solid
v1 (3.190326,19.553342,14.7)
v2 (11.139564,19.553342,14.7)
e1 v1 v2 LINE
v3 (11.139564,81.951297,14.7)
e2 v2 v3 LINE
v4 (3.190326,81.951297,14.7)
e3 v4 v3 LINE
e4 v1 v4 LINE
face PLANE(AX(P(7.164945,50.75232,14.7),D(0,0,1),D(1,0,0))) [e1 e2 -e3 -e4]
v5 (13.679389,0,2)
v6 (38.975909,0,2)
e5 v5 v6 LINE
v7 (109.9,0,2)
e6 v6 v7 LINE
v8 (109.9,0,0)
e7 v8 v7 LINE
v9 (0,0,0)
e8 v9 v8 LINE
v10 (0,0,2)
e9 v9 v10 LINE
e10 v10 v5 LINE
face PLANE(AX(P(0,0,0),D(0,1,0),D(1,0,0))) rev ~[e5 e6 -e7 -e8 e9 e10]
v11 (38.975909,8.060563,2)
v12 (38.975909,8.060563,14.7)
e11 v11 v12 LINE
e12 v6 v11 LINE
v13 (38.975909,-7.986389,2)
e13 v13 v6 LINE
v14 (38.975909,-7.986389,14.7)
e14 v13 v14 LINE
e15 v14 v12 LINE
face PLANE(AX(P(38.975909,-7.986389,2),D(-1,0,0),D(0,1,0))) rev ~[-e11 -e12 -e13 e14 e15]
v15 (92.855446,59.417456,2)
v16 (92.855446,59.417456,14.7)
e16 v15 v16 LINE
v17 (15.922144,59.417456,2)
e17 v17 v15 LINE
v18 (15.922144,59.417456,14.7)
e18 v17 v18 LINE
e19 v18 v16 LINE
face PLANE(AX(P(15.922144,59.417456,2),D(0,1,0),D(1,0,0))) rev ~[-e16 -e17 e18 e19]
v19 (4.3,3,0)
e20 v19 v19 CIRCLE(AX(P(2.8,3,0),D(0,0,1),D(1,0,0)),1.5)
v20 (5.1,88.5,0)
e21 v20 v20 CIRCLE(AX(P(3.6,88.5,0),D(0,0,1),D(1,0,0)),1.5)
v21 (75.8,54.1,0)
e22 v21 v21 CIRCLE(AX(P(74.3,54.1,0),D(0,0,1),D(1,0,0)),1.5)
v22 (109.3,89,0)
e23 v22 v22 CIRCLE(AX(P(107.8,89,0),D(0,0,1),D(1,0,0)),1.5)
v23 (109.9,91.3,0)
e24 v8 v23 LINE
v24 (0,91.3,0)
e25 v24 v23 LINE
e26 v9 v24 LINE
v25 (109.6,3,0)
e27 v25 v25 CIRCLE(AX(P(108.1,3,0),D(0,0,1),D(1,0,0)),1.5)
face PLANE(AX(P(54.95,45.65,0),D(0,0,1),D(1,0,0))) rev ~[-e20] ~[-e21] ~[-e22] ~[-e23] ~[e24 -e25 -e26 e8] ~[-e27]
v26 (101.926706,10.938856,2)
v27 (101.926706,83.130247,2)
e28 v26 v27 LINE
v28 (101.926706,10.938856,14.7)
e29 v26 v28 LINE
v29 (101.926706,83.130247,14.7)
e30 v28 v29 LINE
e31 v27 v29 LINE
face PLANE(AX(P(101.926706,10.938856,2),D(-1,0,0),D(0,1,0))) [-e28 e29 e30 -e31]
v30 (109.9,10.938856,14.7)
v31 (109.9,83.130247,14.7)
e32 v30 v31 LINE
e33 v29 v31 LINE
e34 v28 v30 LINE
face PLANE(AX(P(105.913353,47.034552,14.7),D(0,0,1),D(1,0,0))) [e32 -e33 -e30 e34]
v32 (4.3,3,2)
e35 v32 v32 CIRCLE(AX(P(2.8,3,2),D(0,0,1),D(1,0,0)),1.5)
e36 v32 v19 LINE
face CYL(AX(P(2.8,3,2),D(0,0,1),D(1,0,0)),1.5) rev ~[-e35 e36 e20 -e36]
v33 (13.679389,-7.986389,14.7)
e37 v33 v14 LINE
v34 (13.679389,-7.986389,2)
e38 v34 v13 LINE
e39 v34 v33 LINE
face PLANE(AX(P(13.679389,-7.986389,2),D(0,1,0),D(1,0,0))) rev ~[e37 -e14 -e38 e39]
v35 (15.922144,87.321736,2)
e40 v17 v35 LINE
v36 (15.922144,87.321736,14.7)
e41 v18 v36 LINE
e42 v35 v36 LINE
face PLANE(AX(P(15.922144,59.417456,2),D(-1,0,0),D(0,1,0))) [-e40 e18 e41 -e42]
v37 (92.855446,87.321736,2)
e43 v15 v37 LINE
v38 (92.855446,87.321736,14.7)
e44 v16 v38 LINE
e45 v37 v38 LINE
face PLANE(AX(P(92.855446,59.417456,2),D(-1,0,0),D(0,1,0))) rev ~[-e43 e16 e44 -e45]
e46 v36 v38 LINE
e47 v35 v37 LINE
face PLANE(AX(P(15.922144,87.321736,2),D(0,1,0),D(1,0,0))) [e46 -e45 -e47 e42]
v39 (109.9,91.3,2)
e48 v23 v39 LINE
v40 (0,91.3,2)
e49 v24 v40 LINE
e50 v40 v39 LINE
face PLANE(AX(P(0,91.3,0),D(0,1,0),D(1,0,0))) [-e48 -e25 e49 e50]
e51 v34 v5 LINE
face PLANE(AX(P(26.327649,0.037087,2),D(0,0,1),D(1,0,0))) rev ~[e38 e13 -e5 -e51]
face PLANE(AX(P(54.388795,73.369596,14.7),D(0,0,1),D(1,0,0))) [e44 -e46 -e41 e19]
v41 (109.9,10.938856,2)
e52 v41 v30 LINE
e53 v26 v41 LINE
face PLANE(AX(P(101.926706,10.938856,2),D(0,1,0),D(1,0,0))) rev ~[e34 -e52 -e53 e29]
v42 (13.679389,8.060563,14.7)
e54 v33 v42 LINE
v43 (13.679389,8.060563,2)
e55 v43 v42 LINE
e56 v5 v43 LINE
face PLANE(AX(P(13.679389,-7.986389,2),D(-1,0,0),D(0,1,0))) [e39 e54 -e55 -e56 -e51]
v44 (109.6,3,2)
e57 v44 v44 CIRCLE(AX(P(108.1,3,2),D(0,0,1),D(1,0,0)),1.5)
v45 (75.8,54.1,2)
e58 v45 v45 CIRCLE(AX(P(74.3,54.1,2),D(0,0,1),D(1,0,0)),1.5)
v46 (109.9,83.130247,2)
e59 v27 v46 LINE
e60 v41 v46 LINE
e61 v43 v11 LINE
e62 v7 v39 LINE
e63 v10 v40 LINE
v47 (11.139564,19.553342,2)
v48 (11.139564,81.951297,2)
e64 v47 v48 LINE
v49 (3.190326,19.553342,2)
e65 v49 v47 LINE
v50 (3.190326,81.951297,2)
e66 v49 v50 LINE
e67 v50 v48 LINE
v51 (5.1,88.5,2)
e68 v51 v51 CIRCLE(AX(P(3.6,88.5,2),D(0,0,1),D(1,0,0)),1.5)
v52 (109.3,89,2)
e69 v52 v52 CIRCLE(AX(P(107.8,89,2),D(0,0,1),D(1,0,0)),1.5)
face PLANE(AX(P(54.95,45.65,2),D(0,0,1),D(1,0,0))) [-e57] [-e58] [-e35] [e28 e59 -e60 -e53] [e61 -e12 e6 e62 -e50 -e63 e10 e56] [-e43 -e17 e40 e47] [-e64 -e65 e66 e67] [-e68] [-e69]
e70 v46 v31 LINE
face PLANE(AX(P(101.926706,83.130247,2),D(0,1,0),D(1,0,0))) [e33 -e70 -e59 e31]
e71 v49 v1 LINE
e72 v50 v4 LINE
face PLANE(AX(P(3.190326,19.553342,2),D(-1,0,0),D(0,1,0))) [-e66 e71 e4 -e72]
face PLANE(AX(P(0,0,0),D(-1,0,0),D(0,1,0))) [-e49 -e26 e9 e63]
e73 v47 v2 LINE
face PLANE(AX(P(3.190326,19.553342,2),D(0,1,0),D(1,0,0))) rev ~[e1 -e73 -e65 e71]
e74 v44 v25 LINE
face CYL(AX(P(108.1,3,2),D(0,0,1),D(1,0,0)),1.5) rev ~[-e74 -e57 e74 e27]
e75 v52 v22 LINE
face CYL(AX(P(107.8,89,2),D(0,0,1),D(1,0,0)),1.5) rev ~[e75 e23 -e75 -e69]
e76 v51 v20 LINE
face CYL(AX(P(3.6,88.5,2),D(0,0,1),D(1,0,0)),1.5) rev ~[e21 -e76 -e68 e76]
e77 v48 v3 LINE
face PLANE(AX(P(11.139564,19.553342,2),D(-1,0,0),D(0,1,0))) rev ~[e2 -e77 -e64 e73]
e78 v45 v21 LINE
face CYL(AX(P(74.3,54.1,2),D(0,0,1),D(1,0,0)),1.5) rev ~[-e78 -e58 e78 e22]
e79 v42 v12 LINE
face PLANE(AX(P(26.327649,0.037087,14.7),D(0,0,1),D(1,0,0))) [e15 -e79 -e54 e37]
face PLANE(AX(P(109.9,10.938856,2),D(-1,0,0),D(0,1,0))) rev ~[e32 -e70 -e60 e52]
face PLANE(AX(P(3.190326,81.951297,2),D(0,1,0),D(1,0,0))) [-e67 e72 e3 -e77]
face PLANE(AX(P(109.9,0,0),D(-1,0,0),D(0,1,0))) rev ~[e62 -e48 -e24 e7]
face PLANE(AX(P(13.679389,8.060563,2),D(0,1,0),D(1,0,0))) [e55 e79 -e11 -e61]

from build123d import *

# Parameters (mm, degrees)
F0_W     = 109.9
F0_H     = 91.3
F1_DEPTH = 2
F2_R     = 1.5
F3_DEPTH = 25.4
F4_W     = 25.296519
F4_H     = 16.046952
F5_DEPTH = 12.7
F6_W     = 7.949238
F6_H     = 62.397955
F7_DEPTH = 12.7
F8_W     = 7.973293
F8_H     = 72.191391
F8_W_2   = 76.933302
F8_H_2   = 27.90428
F9_DEPTH = 12.7


with BuildPart() as f1:
    # F0 (on Top) → F1 (new body)
    with BuildSketch(Plane.XY):
        with Locations((54.95, 45.65)):
            Rectangle(F0_W, F0_H)
    extrude(amount=F1_DEPTH)

    # F2 (on face) → F3 (cut)
    with BuildSketch(Plane.XY.offset(2)):
        with Locations((3.6, 88.5)):
            Circle(F2_R)
        with Locations((108.1, 3)):
            Circle(F2_R)
        with Locations((107.8, 89)):
            Circle(F2_R)
        with Locations((2.8, 3)):
            Circle(F2_R)
        with Locations((74.3, 54.1)):
            Circle(F2_R)
    extrude(amount=-F3_DEPTH, mode=Mode.SUBTRACT)

    # F4 (on face) → F5 (join)
    with BuildSketch(Plane.XY.offset(2)):
        with Locations((26.327649, 0.037087)):
            Rectangle(F4_W, F4_H)
    extrude(amount=F5_DEPTH)

    # F6 (on face) → F7 (join)
    with BuildSketch(Plane.XY.offset(2)):
        with Locations((7.164945, 50.75232)):
            Rectangle(F6_W, F6_H)
    extrude(amount=F7_DEPTH)

    # F8 (on face) → F9 (join)
    with BuildSketch(Plane.XY.offset(2)):
        with Locations((105.913353, 47.034552)):
            Rectangle(F8_W, F8_H)
        with Locations((54.388795, 73.369596)):
            Rectangle(F8_W_2, F8_H_2)
    extrude(amount=F9_DEPTH)


solid = f1.part
